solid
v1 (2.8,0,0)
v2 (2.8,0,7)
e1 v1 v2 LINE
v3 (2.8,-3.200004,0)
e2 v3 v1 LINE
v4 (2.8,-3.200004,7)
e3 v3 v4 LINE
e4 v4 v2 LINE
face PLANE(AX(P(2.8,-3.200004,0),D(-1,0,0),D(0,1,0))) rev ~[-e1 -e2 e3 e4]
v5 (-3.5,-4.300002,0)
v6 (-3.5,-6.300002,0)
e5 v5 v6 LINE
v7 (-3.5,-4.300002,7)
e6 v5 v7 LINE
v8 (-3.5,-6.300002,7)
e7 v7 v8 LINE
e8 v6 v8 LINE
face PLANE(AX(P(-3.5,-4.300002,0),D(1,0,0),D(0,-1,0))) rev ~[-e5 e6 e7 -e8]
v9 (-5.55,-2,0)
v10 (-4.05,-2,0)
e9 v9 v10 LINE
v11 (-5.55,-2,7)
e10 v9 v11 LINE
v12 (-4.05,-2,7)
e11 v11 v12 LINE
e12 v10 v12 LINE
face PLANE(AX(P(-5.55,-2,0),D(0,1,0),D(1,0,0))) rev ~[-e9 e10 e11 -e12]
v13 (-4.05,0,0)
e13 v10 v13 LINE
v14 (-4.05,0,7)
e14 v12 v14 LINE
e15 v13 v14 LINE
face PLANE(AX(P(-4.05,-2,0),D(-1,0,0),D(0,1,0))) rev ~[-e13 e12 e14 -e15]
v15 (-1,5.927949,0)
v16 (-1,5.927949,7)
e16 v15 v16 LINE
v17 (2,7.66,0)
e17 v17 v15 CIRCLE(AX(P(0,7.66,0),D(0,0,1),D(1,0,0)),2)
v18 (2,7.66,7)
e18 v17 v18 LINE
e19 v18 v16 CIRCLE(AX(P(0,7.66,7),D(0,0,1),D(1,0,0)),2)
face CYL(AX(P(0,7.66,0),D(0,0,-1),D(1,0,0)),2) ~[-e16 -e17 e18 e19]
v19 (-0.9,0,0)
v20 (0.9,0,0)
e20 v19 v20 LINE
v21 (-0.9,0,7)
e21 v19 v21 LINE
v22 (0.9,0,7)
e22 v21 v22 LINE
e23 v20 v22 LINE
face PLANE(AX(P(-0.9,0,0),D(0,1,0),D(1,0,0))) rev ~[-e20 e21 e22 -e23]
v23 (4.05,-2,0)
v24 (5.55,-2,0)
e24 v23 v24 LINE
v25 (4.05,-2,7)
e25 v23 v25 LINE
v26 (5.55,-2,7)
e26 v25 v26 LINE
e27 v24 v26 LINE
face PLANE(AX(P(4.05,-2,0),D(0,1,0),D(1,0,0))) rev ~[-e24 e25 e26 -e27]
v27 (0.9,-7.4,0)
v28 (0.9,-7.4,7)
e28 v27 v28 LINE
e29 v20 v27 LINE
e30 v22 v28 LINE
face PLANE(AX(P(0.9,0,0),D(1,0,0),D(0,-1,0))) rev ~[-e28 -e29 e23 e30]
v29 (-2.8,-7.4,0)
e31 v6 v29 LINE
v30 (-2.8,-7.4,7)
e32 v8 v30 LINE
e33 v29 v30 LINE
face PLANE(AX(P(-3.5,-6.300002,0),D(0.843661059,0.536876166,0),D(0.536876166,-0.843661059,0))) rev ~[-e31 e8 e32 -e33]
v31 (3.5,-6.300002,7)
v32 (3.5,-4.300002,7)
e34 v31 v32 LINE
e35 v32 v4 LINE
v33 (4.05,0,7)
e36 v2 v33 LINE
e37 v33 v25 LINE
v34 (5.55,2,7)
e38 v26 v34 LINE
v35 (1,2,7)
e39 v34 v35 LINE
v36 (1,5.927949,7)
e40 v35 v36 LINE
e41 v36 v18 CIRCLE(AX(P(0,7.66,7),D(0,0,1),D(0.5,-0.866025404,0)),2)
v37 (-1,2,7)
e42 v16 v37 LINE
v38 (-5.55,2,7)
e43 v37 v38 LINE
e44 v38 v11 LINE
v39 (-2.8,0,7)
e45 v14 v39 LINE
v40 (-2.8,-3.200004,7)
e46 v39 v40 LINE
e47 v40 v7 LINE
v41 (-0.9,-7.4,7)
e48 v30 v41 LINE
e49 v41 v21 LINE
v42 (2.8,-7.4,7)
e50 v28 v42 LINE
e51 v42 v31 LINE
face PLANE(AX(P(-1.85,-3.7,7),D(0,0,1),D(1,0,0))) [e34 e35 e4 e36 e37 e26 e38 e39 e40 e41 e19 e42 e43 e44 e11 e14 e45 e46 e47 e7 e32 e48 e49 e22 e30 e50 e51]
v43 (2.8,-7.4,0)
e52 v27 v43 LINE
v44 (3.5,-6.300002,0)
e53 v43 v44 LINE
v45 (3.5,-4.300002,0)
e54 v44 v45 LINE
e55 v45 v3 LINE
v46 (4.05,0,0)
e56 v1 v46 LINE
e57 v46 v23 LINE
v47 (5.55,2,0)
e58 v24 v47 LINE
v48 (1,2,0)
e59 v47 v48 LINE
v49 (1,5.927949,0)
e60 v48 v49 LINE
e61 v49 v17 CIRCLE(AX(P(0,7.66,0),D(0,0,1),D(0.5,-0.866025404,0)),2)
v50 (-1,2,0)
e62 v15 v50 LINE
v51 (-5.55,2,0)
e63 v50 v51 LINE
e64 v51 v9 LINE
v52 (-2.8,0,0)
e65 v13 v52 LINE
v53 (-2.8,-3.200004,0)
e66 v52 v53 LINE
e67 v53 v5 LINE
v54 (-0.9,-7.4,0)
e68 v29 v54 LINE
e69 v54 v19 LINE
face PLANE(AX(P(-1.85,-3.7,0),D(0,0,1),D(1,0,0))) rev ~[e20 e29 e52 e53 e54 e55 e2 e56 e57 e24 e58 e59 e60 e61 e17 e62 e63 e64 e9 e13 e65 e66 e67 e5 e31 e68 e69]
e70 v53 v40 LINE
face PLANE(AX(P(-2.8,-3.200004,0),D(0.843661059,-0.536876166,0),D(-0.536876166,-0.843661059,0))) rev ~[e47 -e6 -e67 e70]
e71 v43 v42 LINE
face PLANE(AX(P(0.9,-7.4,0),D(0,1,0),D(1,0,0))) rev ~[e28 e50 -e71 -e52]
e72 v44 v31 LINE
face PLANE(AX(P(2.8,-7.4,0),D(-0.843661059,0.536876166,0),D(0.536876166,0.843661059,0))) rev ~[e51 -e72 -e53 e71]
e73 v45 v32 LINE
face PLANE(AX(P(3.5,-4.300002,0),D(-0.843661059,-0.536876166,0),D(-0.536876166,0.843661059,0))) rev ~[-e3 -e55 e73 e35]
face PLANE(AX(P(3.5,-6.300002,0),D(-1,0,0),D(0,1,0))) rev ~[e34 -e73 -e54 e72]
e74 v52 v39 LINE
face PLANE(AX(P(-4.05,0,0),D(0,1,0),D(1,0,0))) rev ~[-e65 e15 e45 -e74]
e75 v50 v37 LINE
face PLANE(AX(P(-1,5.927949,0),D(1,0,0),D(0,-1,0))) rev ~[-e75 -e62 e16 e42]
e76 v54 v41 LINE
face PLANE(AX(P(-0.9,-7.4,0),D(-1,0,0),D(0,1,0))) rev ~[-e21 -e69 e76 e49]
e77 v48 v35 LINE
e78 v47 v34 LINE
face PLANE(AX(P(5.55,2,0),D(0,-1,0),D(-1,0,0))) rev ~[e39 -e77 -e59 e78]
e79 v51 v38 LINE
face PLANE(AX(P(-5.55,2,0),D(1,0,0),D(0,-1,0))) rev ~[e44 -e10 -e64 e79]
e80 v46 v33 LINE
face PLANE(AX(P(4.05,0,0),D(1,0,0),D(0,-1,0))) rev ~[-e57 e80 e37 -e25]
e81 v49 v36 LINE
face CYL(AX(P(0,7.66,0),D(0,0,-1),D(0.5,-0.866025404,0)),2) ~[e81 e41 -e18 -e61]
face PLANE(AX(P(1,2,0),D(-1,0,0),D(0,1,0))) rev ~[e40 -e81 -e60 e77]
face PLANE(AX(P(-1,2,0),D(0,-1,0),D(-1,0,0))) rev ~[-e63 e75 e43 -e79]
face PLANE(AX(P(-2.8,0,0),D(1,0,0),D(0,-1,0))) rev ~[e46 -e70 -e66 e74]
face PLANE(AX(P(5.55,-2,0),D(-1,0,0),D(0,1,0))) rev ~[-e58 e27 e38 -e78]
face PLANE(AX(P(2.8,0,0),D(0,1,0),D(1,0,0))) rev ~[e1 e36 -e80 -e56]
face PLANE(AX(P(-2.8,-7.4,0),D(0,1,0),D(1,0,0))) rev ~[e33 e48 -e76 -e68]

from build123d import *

# Parameters (mm, degrees)
F1_DEPTH = 7


with BuildPart() as f1:
    # F0 (on Top) → F1 (new body)
    with BuildSketch(Plane.XY):
        Polygon((-0.9, -7.4), (-0.9, 0), (-2.8, 0), (-2.8, -3.2000038773), (-2.8, -7.4), align=None)
        Polygon((-2.8, 0), (-0.9, 0), (0.9, 0), (2.8, 0), (4.05, 0), (4.05, -2), (5.55, -2), (5.55, 2), (1, 2), (0, 2), (-1, 2), (-5.55, 2), (-5.55, -2), (-4.05, -2), (-4.05, 0), align=None)
        Polygon((2.8, 0), (0.9, 0), (0.9, -7.4), (2.8, -7.4), (2.8, -3.2000038773), align=None)
        Polygon((-2.8, -7.4), (-2.8, -3.2000038773), (-3.5, -4.3000019386), (-3.5, -6.3000019386), align=None)
        Polygon((2.8, -3.2000038773), (2.8, -7.4), (3.5, -6.3000019386), (3.5, -4.3000019386), align=None)
        with BuildLine():
            Line((-1, 5.9279491924), (-1, 2))
            Line((-1, 2), (0, 2))
            Line((0, 2), (1, 2))
            Line((1, 2), (1, 5.9279491924))
            ThreePointArc((1, 5.9279491924), (0, 5.66), (-1, 5.9279491924))
        make_face()
        with BuildLine():
            ThreePointArc((2, 7.66), (-1, 9.3920508076), (-1, 5.9279491924))
            Line((-1, 5.9279491924), (-1, 7))
            Line((-1, 7), (1, 7))
            Line((1, 7), (1, 5.9279491924))
            ThreePointArc((1, 5.9279491924), (1.7320508076, 6.66), (2, 7.66))
        make_face()
        with BuildLine():
            Line((-1, 7), (-1, 5.9279491924))
            ThreePointArc((-1, 5.9279491924), (0, 5.66), (1, 5.9279491924))
            Line((1, 5.9279491924), (1, 7))
            Line((1, 7), (-1, 7))
        make_face()
    extrude(amount=F1_DEPTH)


solid = f1.part
